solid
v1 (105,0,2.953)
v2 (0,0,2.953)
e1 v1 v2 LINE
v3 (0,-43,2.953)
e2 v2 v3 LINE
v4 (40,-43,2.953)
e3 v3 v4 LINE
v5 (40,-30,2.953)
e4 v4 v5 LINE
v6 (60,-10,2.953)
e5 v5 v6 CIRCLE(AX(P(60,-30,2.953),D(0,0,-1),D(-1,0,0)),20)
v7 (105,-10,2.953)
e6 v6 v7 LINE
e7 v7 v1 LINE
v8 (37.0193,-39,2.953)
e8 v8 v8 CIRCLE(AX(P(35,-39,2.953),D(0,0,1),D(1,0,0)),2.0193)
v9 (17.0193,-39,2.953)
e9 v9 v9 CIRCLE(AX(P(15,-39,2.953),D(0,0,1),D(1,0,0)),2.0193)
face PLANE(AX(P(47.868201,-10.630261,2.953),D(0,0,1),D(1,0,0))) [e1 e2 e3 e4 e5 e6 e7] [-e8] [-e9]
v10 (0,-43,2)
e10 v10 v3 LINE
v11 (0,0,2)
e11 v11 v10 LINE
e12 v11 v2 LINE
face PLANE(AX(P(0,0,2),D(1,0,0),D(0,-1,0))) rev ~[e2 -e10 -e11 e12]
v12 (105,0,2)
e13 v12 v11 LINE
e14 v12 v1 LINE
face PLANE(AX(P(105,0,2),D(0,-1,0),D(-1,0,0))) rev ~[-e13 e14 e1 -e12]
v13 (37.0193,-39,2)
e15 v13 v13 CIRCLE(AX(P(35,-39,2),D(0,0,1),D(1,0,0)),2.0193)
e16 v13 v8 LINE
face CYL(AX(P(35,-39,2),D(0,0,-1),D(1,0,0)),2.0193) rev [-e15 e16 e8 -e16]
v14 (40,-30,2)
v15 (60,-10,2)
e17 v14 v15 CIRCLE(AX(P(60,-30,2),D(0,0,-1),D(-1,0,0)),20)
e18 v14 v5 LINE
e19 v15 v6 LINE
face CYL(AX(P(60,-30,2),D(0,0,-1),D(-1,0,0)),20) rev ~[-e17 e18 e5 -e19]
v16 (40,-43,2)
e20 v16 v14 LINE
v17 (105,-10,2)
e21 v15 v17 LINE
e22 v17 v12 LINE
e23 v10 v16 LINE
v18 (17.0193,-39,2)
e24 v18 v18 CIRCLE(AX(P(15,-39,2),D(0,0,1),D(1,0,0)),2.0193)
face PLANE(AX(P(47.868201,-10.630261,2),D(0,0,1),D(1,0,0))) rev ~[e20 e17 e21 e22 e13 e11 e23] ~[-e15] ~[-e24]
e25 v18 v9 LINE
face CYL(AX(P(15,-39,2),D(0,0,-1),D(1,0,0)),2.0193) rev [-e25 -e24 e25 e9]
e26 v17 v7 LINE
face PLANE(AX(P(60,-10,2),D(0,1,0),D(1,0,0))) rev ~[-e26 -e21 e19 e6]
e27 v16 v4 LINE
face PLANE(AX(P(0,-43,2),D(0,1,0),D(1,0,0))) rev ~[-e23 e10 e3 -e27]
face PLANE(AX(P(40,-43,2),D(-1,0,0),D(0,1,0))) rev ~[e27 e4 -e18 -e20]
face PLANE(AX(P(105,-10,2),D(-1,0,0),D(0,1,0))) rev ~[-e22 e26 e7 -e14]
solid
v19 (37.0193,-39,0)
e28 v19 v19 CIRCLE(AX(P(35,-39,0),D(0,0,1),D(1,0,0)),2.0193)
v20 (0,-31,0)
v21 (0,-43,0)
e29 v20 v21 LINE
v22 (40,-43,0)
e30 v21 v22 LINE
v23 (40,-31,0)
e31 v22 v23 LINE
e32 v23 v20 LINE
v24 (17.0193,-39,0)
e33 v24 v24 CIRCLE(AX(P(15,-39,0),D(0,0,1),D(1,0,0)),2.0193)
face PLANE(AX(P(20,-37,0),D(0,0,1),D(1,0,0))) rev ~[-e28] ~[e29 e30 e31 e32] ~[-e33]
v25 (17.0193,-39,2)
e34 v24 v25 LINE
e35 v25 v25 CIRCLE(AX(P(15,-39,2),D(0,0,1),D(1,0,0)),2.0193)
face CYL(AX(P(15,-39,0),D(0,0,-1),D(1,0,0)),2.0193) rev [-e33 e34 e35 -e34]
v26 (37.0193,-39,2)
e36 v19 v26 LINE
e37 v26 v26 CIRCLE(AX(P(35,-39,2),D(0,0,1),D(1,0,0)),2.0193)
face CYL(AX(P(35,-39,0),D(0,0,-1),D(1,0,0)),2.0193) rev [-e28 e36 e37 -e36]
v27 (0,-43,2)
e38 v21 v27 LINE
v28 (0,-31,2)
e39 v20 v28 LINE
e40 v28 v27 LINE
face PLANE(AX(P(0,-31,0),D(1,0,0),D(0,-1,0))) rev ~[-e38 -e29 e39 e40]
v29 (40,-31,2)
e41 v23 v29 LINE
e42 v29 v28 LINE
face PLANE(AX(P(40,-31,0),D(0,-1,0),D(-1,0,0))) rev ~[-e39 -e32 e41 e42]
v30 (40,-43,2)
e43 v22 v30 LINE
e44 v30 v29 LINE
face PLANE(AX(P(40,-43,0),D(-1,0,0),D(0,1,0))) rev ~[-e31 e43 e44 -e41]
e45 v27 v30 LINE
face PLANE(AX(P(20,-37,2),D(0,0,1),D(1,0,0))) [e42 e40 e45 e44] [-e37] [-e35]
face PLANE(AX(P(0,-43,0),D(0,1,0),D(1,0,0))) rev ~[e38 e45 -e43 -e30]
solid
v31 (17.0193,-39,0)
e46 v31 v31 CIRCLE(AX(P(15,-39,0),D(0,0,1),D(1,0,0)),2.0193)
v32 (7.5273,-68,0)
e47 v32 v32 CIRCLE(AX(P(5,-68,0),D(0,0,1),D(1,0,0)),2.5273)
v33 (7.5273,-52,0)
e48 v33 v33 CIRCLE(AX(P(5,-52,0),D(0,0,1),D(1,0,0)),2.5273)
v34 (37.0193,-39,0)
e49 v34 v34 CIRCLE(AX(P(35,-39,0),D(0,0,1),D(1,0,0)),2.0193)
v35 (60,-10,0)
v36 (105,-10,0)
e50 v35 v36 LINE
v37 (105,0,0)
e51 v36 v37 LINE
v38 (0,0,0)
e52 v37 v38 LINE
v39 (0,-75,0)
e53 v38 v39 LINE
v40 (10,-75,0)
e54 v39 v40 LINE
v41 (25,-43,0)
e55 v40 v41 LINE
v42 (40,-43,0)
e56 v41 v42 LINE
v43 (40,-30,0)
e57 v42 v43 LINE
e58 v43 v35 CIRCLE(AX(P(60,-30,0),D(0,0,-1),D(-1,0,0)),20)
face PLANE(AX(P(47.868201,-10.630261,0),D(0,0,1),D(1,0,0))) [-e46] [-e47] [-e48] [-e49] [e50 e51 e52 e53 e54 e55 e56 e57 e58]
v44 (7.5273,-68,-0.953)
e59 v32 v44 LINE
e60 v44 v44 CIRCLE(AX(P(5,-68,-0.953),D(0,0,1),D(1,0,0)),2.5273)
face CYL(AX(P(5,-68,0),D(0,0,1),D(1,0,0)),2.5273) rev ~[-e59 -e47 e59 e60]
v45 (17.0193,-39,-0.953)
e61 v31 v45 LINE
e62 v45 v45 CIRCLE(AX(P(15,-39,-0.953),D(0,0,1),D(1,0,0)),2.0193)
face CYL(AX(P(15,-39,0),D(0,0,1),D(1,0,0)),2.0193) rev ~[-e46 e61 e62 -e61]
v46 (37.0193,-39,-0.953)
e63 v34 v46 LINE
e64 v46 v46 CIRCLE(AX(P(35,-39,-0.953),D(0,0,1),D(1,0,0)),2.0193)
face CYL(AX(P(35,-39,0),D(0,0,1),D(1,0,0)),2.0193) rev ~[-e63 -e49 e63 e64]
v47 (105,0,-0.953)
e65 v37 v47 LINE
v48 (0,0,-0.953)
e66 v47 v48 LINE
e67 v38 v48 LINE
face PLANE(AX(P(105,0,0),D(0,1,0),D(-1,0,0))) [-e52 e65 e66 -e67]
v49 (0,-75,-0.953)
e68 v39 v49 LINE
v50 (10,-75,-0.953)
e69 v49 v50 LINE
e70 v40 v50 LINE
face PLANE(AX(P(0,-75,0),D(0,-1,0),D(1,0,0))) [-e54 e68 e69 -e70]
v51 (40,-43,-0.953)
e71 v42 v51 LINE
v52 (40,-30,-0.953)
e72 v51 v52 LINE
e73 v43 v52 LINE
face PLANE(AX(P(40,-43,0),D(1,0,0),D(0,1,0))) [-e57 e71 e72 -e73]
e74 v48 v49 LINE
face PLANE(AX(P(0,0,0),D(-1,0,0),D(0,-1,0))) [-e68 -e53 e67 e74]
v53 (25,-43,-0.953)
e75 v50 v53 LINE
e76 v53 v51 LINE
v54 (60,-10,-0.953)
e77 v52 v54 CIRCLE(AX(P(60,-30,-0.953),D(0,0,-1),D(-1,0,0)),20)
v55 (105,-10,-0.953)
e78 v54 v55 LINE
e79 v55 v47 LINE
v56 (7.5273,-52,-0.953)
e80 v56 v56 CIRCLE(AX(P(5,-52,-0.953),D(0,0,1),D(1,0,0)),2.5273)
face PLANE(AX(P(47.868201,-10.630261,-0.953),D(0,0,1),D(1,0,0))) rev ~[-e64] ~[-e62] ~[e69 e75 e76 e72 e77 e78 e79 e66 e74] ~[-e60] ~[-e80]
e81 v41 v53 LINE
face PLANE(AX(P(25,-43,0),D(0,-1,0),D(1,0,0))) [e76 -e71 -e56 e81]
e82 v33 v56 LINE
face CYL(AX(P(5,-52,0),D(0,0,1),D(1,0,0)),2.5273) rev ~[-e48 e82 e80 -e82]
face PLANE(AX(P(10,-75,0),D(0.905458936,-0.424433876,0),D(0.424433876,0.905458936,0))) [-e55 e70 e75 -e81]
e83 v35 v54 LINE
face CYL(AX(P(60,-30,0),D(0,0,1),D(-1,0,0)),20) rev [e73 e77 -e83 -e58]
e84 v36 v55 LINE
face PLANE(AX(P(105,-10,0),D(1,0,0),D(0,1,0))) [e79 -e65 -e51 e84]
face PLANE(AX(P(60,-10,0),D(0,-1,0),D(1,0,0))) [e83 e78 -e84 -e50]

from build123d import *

# Parameters (mm, degrees)
F2_R     = 2.0193
F2_R_2   = 2.5273
F3_DEPTH = 0.953
F4_START = 2
F4_DEPTH = 0.953
F5_DEPTH = 2


with BuildPart() as f3:
    # F2 (on Top) → F3 (new body)
    with BuildSketch(Plane.XY):
        with BuildLine():
            Line((105, 0), (0, 0))
            Line((0, 0), (0, -31))
            Line((0, -31), (40, -31))
            Line((40, -31), (40, -30))
            ThreePointArc((40, -30), (45.8578643763, -15.8578643763), (60, -10))
            Line((60, -10), (105, -10))
            Line((105, -10), (105, 0))
        make_face()
        Polygon((40, -31), (0, -31), (0, -43), (25, -43), (40, -43), align=None)
        with Locations((15, -39)):
            Circle(F2_R, mode=Mode.SUBTRACT)
        with Locations((35, -39)):
            Circle(F2_R, mode=Mode.SUBTRACT)
        Polygon((25, -43), (0, -43), (0, -75), (10, -75), align=None)
        with Locations((5, -68)):
            Circle(F2_R_2, mode=Mode.SUBTRACT)
        with Locations((5, -52)):
            Circle(F2_R_2, mode=Mode.SUBTRACT)
    extrude(amount=-F3_DEPTH)


with BuildPart() as f4:
    # F2 (on Top) → F4 (new body)
    with BuildSketch(Plane.XY.offset(F4_START)):
        with BuildLine():
            Line((105, 0), (0, 0))
            Line((0, 0), (0, -31))
            Line((0, -31), (40, -31))
            Line((40, -31), (40, -30))
            ThreePointArc((40, -30), (45.8578643763, -15.8578643763), (60, -10))
            Line((60, -10), (105, -10))
            Line((105, -10), (105, 0))
        make_face()
        Polygon((40, -31), (0, -31), (0, -43), (25, -43), (40, -43), align=None)
        with Locations((15, -39)):
            Circle(F2_R, mode=Mode.SUBTRACT)
        with Locations((35, -39)):
            Circle(F2_R, mode=Mode.SUBTRACT)
    extrude(amount=F4_DEPTH)


with BuildPart() as f5:
    # F2 (on Top) → F5 (new body)
    with BuildSketch(Plane.XY):
        Polygon((40, -31), (0, -31), (0, -43), (25, -43), (40, -43), align=None)
        with Locations((15, -39)):
            Circle(F2_R, mode=Mode.SUBTRACT)
        with Locations((35, -39)):
            Circle(F2_R, mode=Mode.SUBTRACT)
    extrude(amount=F5_DEPTH)


solid = Compound([f3.part, f4.part, f5.part])
